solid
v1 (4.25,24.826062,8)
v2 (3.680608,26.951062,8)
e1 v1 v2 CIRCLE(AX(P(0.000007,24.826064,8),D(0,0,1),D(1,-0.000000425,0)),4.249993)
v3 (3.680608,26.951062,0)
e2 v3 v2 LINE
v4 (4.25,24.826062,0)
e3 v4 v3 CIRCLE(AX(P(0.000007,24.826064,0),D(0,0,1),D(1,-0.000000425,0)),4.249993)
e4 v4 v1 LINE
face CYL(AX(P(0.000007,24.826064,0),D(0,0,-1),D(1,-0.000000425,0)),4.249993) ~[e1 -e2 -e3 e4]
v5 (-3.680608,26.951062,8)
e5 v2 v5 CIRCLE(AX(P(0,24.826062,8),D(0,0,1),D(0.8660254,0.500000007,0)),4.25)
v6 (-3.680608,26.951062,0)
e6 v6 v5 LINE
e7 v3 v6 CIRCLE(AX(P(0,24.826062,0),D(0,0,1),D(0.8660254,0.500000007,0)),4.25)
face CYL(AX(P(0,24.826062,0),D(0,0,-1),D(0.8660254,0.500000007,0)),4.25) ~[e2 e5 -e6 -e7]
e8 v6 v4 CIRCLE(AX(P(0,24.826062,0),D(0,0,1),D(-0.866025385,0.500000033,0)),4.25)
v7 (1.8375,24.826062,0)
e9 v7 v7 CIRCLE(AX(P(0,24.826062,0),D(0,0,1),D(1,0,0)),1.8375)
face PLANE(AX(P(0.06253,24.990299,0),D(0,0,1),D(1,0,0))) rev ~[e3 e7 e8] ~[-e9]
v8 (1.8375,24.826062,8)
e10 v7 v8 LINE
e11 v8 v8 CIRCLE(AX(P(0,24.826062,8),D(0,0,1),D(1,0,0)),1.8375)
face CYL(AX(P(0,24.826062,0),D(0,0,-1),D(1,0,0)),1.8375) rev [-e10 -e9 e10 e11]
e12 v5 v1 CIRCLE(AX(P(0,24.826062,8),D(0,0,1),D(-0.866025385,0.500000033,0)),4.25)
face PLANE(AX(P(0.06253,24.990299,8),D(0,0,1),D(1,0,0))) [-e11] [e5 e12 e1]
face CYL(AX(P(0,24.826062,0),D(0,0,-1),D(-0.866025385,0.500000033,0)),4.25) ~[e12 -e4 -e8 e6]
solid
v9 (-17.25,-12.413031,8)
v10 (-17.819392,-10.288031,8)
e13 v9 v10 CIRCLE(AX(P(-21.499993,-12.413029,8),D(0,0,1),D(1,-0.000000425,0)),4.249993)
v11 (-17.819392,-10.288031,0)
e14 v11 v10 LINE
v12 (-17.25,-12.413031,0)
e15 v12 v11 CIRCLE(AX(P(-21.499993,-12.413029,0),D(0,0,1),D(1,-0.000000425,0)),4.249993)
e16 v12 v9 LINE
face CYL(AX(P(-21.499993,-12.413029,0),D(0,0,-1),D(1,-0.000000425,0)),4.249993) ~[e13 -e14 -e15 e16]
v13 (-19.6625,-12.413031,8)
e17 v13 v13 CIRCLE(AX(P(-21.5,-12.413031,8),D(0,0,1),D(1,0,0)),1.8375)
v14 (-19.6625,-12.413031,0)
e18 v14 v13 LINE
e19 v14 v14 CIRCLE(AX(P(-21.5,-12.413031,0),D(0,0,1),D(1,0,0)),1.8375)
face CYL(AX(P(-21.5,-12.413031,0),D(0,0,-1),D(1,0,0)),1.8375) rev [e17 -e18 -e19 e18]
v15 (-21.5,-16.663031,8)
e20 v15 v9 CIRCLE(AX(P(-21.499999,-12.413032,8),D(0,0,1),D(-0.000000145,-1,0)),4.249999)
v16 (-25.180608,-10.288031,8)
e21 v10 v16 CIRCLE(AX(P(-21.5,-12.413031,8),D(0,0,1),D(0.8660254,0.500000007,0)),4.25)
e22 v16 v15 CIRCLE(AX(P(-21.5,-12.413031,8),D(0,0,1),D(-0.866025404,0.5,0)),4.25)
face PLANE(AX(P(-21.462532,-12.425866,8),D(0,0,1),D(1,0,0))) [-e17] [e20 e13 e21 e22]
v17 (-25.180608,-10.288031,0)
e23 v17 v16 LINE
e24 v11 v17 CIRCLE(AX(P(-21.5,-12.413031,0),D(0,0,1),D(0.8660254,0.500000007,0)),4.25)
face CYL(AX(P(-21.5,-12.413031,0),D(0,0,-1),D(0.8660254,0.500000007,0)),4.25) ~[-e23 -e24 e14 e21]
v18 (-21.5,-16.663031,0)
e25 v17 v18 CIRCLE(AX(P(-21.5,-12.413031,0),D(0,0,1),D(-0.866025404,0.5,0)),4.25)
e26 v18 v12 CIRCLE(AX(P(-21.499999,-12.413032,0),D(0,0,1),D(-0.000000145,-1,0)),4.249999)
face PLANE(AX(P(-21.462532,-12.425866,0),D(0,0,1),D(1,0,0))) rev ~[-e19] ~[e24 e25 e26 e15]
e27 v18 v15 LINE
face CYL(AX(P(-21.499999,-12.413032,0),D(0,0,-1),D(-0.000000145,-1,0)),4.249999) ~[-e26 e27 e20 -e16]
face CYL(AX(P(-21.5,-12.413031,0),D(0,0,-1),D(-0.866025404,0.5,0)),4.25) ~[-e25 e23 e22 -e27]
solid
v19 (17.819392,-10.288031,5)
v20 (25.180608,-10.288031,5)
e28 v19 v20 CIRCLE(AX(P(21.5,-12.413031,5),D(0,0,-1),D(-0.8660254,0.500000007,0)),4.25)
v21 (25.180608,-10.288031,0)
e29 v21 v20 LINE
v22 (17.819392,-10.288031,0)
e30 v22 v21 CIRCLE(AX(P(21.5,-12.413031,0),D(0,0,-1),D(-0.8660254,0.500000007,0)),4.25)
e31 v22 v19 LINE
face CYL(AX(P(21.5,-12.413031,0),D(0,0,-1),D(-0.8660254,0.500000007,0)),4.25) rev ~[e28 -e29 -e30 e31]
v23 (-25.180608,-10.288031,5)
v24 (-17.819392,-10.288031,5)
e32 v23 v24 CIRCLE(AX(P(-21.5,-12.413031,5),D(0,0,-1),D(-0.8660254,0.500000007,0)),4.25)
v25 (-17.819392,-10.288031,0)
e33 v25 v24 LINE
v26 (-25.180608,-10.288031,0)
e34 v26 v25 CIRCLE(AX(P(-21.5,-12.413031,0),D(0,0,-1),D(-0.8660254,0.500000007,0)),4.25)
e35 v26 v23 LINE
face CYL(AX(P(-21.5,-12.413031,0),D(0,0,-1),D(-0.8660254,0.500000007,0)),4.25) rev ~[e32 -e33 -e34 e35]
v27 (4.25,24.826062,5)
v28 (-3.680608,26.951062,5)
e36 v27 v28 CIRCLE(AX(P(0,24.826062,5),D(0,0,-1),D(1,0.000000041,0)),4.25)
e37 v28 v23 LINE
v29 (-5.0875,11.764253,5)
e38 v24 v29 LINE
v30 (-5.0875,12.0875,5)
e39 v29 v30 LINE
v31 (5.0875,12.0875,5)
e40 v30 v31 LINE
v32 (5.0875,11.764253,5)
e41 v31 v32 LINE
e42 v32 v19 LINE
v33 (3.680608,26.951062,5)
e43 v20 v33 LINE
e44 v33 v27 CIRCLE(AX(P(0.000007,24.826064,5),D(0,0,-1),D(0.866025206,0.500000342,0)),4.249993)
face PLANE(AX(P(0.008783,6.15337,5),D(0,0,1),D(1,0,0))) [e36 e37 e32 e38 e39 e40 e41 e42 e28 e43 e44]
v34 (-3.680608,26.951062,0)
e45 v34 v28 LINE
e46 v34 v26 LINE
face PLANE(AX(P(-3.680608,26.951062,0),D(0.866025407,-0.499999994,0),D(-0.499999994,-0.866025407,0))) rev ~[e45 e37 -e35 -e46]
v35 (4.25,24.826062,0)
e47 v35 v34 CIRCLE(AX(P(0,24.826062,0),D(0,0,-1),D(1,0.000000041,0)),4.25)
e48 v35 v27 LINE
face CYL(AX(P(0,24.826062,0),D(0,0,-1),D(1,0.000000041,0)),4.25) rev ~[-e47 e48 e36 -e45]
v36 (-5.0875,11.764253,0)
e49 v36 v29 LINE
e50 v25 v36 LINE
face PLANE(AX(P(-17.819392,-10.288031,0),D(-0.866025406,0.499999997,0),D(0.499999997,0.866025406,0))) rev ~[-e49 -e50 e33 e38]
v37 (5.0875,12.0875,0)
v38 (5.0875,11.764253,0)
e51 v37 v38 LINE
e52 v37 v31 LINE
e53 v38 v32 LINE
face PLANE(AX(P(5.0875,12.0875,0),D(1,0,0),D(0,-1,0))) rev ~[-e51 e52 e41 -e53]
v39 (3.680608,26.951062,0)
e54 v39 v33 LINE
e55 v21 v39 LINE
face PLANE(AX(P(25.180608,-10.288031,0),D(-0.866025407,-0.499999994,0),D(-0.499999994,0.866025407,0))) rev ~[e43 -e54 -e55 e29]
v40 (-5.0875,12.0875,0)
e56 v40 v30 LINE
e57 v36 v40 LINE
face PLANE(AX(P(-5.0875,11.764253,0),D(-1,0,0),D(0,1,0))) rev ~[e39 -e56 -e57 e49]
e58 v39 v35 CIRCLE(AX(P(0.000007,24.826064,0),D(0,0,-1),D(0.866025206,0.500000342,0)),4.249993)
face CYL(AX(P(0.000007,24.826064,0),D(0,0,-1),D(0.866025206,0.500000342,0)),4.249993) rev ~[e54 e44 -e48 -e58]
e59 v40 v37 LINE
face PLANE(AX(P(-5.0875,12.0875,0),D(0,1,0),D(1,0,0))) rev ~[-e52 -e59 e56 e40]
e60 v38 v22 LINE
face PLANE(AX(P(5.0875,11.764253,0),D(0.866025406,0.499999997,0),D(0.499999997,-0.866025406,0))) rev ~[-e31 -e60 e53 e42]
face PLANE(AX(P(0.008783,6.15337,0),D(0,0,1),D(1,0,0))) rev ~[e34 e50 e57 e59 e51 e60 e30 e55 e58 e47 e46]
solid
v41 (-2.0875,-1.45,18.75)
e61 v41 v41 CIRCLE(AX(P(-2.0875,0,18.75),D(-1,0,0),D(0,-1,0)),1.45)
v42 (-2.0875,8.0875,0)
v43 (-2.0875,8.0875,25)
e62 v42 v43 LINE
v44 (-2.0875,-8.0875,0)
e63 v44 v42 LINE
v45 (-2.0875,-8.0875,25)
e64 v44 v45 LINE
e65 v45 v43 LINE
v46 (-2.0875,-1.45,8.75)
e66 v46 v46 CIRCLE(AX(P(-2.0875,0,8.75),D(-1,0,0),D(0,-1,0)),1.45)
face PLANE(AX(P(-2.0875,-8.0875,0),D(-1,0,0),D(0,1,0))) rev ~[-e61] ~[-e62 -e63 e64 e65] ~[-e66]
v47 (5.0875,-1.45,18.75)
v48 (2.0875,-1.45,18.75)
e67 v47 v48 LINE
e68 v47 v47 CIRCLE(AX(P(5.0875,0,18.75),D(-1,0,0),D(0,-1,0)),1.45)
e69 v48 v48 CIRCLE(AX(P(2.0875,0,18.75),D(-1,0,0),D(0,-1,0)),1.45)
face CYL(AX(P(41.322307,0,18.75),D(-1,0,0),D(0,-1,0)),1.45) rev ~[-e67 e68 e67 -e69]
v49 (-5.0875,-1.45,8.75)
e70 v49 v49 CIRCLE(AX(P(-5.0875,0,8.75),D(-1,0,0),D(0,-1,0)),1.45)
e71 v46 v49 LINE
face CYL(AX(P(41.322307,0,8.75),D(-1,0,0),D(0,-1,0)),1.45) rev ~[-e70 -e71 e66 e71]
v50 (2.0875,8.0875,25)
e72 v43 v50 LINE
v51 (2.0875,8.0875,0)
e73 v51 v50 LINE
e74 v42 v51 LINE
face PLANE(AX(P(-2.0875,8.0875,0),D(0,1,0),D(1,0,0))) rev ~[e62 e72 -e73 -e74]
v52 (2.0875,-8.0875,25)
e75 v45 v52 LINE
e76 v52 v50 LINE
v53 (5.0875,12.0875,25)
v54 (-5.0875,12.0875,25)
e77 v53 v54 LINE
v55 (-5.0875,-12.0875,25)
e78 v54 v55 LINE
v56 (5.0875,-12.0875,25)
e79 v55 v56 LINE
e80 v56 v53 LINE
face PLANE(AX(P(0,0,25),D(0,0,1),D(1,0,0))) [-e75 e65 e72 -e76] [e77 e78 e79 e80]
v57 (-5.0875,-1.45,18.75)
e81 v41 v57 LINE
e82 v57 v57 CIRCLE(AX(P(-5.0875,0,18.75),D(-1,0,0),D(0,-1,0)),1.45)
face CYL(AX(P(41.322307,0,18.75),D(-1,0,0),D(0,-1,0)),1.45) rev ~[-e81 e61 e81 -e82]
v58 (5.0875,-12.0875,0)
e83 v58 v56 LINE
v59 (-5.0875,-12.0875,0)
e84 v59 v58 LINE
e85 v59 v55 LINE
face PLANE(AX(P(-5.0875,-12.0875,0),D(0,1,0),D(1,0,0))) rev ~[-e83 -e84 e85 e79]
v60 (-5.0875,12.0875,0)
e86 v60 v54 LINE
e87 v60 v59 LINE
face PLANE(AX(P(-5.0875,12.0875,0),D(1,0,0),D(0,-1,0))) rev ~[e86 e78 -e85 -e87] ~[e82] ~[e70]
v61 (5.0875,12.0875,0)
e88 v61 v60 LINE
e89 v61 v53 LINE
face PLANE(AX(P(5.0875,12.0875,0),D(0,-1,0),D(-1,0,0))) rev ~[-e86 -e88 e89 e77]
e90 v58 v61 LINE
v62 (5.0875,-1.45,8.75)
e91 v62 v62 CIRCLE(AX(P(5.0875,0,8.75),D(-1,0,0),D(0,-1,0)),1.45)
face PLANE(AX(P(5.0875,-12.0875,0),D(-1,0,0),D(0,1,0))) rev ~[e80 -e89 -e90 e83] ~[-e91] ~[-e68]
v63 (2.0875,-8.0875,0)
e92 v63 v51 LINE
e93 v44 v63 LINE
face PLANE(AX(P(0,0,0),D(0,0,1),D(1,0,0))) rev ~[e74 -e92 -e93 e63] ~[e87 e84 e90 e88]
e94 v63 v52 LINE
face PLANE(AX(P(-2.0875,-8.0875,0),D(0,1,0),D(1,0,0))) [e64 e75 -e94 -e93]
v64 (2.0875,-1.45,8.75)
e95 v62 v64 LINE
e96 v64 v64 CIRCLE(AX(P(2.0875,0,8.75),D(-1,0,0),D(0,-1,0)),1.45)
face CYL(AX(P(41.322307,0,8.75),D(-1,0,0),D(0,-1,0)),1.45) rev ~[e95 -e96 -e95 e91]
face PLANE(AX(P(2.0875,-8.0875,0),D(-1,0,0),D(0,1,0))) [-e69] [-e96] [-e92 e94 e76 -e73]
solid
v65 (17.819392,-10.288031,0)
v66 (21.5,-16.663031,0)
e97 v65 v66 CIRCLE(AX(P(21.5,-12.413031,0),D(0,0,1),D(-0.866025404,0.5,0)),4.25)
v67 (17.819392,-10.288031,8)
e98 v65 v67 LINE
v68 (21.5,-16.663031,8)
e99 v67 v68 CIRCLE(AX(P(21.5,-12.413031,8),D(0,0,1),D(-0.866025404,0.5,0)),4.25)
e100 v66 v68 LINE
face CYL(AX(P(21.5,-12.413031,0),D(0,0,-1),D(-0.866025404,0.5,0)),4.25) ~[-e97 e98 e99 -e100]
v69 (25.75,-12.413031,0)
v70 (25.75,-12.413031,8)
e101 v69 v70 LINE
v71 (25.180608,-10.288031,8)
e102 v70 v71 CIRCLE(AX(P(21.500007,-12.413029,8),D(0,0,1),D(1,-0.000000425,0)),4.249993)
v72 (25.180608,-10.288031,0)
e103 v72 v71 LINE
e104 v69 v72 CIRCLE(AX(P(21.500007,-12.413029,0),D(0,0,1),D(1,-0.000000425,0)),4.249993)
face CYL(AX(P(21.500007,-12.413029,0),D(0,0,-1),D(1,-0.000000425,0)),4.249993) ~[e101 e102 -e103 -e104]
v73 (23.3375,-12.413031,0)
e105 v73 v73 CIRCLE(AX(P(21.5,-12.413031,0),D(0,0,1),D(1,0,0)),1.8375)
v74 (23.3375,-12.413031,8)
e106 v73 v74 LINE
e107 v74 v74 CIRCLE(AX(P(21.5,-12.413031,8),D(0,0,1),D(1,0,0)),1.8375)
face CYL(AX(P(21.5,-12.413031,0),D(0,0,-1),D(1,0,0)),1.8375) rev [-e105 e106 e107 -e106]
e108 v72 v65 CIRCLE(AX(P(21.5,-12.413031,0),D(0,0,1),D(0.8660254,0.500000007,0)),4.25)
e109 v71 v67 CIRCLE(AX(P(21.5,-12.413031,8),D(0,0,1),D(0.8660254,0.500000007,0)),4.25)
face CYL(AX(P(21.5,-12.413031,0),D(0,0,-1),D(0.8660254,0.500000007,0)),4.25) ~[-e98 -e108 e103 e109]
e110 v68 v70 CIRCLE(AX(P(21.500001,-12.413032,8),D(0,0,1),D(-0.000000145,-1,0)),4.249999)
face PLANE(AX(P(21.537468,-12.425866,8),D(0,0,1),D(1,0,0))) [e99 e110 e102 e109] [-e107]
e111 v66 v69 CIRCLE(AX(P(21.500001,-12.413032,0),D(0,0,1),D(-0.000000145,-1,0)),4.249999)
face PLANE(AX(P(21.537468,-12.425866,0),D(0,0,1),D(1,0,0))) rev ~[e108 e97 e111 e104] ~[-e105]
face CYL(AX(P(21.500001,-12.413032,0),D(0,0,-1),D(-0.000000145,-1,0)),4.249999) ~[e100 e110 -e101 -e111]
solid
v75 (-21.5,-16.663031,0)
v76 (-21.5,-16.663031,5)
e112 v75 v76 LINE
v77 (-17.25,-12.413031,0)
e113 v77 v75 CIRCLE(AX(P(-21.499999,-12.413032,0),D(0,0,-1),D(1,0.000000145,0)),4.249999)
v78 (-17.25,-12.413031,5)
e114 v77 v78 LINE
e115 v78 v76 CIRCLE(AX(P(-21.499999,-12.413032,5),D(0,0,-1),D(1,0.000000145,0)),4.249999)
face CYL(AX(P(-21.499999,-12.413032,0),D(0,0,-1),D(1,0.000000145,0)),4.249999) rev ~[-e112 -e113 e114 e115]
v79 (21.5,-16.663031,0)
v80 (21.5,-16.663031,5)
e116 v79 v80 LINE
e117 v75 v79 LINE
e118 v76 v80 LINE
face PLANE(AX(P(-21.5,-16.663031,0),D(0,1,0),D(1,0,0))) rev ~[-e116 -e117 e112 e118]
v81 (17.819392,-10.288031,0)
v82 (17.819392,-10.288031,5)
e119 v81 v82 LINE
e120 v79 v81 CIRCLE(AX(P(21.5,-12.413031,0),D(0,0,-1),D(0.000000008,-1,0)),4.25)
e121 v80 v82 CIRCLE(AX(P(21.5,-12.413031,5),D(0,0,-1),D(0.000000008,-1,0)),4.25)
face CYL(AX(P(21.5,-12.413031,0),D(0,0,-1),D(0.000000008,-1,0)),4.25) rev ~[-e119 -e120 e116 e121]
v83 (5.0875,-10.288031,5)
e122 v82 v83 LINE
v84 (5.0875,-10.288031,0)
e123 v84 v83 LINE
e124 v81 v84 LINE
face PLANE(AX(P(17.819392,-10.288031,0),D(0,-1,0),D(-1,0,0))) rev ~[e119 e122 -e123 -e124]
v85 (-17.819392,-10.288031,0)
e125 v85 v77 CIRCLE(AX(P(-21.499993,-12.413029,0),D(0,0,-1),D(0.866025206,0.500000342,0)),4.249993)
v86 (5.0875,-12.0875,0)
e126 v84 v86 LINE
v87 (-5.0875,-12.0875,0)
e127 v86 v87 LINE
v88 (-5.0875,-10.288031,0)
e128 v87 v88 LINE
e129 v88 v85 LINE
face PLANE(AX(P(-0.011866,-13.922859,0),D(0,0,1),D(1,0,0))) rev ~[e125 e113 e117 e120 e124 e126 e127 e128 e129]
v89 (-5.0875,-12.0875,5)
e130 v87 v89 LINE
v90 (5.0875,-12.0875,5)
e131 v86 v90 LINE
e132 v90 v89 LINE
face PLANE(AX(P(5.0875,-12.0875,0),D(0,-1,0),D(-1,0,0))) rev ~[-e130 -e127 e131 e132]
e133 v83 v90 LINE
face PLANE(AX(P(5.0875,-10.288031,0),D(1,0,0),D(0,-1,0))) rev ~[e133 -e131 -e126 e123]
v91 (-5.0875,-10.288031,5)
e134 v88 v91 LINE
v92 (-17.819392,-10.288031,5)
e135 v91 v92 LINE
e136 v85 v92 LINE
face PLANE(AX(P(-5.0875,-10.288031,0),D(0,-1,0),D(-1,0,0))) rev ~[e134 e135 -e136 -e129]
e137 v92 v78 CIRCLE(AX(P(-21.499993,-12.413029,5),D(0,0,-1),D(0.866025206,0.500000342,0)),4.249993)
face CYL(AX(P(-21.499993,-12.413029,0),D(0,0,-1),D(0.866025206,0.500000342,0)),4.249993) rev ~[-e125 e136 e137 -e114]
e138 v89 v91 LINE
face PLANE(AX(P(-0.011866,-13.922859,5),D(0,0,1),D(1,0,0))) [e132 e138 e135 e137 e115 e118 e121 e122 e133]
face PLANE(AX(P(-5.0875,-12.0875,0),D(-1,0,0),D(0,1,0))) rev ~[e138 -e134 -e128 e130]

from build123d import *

# Parameters (mm, degrees)
F0_DEPTH = 5
F3_R     = 1.8375
F4_DEPTH = 8
F3_W     = 4.175
F3_H     = 16.175
F1_DEPTH = 25
F2_D     = 2.9
F6_D     = 2.9


with BuildPart() as f0:
    # F3 (on Top) → F0 (new body)
    with BuildSketch(Plane.XY):
        with BuildLine():
            Line((-21.5, -16.663031), (21.5, -16.663031))
            ThreePointArc((21.5, -16.663031), (17.819392, -14.538031), (17.819392, -10.288031))
            Line((17.819392, -10.288031), (5.0875, -10.288031))
            Line((5.0875, -10.288031), (5.0875, -12.0875))
            Line((5.0875, -12.0875), (-5.0875, -12.0875))
            Line((-5.0875, -12.0875), (-5.0875, -10.288031))
            Line((-5.0875, -10.288031), (-17.819392, -10.288031))
            ThreePointArc((-17.819392, -10.288031), (-17.394815, -11.31305), (-17.25, -12.413031))
            ThreePointArc((-17.25, -12.413031), (-18.494796, -15.418235), (-21.5, -16.663031))
        make_face()
        with BuildLine():
            ThreePointArc((17.819392, -10.288031), (21.5, -8.163031), (25.180608, -10.288031))
            Line((25.180608, -10.288031), (3.680608, 26.951062))
            ThreePointArc((3.680608, 26.951062), (4.105185, 25.926043), (4.25, 24.826062))
            ThreePointArc((4.25, 24.826062), (-1.099981, 20.720877), (-3.680608, 26.951062))
            Line((-3.680608, 26.951062), (-25.180608, -10.288031))
            ThreePointArc((-25.180608, -10.288031), (-21.5, -8.163031), (-17.819392, -10.288031))
            Line((-17.819392, -10.288031), (-5.0875, 11.764253))
            Line((-5.0875, 11.764253), (-5.0875, 12.0875))
            Line((-5.0875, 12.0875), (5.0875, 12.0875))
            Line((5.0875, 12.0875), (5.0875, 11.764253))
            Line((5.0875, 11.764253), (17.819392, -10.288031))
        make_face()
    extrude(amount=F0_DEPTH)


with BuildPart() as f4:
    # F3 (on Top) → F4 (new body)
    with BuildSketch(Plane.XY):
        with BuildLine():
            ThreePointArc((21.5, -16.663031), (24.505204, -15.418235), (25.75, -12.413031))
            ThreePointArc((25.75, -12.413031), (25.605185, -11.31305), (25.180608, -10.288031))
            ThreePointArc((25.180608, -10.288031), (21.5, -8.163031), (17.819392, -10.288031))
            ThreePointArc((17.819392, -10.288031), (17.819392, -14.538031), (21.5, -16.663031))
        make_face()
        with Locations((21.5, -12.413031)):
            Circle(F3_R, mode=Mode.SUBTRACT)
        with BuildLine():
            ThreePointArc((4.25, 24.826062), (4.105185, 25.926043), (3.680608, 26.951062))
            ThreePointArc((3.680608, 26.951062), (0, 29.076062), (-3.680608, 26.951062))
            ThreePointArc((-3.680608, 26.951062), (-1.099981, 20.720877), (4.25, 24.826062))
        make_face()
        with Locations((0, 24.826062)):
            Circle(F3_R, mode=Mode.SUBTRACT)
        with BuildLine():
            ThreePointArc((-25.180608, -10.288031), (-25.180608, -14.538031), (-21.5, -16.663031))
            ThreePointArc((-21.5, -16.663031), (-18.494796, -15.418235), (-17.25, -12.413031))
            ThreePointArc((-17.25, -12.413031), (-17.394815, -11.31305), (-17.819392, -10.288031))
            ThreePointArc((-17.819392, -10.288031), (-21.5, -8.163031), (-25.180608, -10.288031))
        make_face()
        with Locations((-21.5, -12.413031)):
            Circle(F3_R, mode=Mode.SUBTRACT)
    extrude(amount=F4_DEPTH)


with BuildPart() as f1:
    # F3 (on Top) → F1 (new body)
    with BuildSketch(Plane.XY):
        Polygon((5.0875, -10.288031), (5.0875, 11.764253), (5.0875, 12.0875), (-5.0875, 12.0875), (-5.0875, 11.764253), (-5.0875, -10.288031), (-5.0875, -12.0875), (5.0875, -12.0875), align=None)
        Rectangle(F3_W, F3_H, mode=Mode.SUBTRACT)
    extrude(amount=F1_DEPTH)

    # F2 (through all)
    with Locations(Plane.YZ.offset(5.0875)):
        with Locations((0, 18.75)):
            Hole(F2_D / 2)

    # F6 (through all)
    with Locations(Plane.YZ.offset(5.0875)):
        with Locations((0, 8.75)):
            Hole(F6_D / 2)


solid = Compound([f0.part, f4.part, f1.part])
